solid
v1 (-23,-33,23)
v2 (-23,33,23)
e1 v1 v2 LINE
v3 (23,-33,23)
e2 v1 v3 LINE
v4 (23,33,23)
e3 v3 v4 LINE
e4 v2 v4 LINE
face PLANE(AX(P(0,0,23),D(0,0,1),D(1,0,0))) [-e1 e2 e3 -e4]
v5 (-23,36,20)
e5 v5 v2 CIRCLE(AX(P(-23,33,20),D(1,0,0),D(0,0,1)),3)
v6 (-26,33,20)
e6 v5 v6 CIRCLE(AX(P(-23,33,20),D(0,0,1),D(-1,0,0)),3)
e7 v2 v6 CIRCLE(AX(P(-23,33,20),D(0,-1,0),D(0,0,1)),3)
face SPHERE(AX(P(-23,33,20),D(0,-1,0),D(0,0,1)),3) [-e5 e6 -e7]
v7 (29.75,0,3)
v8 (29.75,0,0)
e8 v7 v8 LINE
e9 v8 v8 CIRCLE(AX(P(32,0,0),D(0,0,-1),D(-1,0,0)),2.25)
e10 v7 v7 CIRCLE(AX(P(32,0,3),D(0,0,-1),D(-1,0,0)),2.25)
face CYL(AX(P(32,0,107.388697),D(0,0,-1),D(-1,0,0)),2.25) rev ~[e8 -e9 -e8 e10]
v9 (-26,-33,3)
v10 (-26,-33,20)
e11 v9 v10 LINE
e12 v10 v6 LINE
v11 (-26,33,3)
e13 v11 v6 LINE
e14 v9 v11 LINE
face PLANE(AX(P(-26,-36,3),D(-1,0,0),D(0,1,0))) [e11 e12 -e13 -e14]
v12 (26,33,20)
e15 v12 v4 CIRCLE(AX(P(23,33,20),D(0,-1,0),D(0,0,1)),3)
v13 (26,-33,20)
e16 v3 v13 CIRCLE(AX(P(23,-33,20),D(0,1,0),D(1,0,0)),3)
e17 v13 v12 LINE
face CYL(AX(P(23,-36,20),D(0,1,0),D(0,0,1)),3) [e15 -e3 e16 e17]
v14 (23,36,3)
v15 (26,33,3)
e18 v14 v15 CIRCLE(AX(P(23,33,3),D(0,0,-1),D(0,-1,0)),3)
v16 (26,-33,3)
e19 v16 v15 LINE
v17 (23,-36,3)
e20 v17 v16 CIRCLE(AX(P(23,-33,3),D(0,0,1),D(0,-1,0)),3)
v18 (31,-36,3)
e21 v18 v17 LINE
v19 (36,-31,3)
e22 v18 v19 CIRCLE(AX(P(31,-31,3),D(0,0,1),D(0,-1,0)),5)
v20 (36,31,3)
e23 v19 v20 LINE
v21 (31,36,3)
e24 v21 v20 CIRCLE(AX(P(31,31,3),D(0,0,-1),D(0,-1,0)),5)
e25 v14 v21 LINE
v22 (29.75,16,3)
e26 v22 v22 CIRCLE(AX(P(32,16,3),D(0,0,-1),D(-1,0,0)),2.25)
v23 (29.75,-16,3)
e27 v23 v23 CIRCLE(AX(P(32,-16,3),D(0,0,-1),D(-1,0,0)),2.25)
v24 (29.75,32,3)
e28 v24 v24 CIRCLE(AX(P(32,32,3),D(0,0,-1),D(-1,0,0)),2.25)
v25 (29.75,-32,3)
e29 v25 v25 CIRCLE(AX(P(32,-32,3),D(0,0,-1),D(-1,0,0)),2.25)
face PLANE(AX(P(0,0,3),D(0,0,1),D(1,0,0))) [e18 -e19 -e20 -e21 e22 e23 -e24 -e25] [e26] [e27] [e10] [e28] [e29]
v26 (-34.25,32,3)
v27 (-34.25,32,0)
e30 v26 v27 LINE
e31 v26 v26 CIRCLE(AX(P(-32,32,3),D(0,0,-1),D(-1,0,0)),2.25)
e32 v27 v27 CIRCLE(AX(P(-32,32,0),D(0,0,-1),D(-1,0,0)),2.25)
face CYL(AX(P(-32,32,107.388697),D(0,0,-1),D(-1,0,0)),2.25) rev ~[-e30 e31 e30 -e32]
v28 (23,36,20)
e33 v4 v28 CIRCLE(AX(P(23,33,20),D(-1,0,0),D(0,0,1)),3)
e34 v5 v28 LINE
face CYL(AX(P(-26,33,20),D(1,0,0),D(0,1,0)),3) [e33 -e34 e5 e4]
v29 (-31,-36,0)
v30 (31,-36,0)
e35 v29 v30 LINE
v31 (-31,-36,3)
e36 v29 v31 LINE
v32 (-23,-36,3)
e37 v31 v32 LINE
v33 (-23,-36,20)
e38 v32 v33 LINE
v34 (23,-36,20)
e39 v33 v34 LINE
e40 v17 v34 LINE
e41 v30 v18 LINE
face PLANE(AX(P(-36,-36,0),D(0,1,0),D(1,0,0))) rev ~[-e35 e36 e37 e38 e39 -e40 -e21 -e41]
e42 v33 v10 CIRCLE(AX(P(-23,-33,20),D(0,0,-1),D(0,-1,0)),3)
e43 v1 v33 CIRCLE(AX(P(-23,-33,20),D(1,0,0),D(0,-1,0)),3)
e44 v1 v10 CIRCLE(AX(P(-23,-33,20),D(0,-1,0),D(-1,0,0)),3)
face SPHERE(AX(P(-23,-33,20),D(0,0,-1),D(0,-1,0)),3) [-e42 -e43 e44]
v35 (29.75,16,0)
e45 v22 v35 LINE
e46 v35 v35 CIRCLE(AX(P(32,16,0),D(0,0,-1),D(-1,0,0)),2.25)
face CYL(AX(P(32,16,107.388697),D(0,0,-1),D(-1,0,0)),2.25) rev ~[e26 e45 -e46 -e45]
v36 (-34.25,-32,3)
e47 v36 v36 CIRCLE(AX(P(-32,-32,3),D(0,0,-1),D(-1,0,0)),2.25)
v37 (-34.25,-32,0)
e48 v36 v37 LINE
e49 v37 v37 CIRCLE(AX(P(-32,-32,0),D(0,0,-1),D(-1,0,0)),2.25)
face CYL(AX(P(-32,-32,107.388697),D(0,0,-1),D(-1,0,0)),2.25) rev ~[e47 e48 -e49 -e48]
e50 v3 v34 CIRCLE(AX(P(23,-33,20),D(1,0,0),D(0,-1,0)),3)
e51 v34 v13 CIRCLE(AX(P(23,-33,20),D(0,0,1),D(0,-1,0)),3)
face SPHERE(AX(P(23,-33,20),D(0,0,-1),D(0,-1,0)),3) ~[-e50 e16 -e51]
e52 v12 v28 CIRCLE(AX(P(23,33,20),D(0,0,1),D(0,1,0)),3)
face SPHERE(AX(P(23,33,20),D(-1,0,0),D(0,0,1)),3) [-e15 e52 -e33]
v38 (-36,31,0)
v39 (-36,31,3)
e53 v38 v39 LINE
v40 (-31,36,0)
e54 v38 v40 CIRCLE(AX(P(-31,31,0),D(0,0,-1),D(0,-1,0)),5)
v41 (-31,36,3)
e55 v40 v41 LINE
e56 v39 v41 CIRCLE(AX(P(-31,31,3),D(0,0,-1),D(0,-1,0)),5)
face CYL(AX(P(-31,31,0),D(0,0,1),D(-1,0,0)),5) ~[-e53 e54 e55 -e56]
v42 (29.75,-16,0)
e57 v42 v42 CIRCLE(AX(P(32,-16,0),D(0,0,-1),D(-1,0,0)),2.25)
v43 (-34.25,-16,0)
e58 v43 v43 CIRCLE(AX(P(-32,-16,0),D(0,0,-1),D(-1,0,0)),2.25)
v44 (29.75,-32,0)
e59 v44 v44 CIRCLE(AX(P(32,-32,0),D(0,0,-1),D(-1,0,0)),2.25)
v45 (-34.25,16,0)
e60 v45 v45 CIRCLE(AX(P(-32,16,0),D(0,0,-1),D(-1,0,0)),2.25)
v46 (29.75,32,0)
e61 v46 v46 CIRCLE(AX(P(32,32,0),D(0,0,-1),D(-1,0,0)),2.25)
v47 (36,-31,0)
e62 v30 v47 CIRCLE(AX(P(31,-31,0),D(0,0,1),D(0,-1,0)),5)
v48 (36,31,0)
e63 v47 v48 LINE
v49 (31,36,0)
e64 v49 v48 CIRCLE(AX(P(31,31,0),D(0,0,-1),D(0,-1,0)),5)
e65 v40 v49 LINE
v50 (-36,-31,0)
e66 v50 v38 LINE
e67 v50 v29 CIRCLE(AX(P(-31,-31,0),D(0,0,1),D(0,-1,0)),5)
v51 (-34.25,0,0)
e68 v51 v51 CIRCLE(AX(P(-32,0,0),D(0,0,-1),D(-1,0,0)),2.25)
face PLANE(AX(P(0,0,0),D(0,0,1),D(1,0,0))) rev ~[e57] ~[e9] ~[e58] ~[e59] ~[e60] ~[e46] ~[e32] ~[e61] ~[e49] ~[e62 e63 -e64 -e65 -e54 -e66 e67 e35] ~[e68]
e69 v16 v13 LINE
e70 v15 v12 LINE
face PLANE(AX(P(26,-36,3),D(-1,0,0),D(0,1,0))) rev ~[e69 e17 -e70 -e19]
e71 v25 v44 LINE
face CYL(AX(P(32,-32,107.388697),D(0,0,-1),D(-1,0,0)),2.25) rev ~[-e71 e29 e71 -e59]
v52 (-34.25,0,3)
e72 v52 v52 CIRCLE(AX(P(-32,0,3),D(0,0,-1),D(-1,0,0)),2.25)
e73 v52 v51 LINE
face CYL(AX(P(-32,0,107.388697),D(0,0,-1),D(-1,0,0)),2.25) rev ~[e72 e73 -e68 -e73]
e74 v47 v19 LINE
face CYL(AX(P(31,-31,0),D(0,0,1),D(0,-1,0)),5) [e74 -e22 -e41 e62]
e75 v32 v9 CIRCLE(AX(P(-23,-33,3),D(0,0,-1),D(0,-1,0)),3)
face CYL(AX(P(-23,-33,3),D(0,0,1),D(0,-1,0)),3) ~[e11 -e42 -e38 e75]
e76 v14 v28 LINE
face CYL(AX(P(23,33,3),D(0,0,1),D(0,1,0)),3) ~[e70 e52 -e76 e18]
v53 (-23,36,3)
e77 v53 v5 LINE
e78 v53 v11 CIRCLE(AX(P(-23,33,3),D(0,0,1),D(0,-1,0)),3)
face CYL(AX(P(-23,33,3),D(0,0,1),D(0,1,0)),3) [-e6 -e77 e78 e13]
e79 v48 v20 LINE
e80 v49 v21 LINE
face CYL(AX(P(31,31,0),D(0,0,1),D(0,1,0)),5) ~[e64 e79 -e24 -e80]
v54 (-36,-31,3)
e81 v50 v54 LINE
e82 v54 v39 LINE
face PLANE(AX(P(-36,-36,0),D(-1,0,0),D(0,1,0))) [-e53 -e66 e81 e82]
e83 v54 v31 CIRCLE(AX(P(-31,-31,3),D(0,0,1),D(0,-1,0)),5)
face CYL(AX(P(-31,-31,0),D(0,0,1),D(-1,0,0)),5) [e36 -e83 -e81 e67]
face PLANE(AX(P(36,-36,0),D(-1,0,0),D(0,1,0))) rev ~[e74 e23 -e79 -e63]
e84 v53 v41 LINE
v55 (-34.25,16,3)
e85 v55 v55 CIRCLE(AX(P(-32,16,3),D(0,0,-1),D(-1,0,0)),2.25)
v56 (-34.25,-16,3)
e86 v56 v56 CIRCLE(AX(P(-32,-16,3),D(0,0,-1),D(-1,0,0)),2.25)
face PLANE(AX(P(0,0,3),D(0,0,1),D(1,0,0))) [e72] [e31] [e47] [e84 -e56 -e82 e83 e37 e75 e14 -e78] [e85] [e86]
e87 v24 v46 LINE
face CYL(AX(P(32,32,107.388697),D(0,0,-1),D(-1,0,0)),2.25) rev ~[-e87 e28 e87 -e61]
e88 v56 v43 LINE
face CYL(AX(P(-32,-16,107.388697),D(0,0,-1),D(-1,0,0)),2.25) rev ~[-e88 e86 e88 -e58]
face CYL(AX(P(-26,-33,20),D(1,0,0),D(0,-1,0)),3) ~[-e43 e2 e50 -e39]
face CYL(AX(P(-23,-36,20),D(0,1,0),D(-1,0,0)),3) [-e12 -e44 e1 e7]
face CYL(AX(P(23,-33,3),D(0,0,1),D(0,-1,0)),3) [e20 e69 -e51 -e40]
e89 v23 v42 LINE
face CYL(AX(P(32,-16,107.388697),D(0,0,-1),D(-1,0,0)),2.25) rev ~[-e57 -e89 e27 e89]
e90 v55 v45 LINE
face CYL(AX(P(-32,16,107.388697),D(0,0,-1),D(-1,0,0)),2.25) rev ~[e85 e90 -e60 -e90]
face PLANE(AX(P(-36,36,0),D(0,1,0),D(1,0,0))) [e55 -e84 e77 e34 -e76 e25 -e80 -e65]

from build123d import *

# Parameters (mm, degrees)
F0_W     = 72
F0_H     = 72
F1_DEPTH = 3
F2_W     = 52
F2_H     = 72
F3_DEPTH = 20
F5_D     = 4.5
F7_D     = 4.5
F8_R     = 5
F9_R     = 3


with BuildPart() as f1:
    # F0 (on Top) → F1 (new body)
    with BuildSketch(Plane.XY):
        Rectangle(F0_W, F0_H)
    extrude(amount=F1_DEPTH)

    # F2 (on face) → F3 (join)
    with BuildSketch(Plane.XY.offset(3)):
        Rectangle(F2_W, F2_H)
    extrude(amount=F3_DEPTH)

    # F5 (through all)
    with Locations(Plane.XY.offset(3)):
        with Locations((32, 32), (32, 16), (32, 0), (32, -16), (32, -32)):
            Hole(F5_D / 2)

    # F7 (through all)
    with Locations(Plane.XY.offset(3)):
        with Locations((-32, 32), (-32, 16), (-32, 0), (-32, -16), (-32, -32)):
            Hole(F7_D / 2)

    # F8
    f8_edges = [f1.edges().sort_by_distance(p)[0] for p in [
        (-36, 36, 1.5),
        (-36, -36, 1.5),
        (36, -36, 1.5),
        (36, 36, 1.5),
    ]]
    fillet(f8_edges, radius=F8_R)

    # F9
    f9_edges = [f1.edges().sort_by_distance(p)[0] for p in [
        (-26, -36, 13),
        (26, -36, 13),
        (0, -36, 23),
        (-26, 0, 23),
        (0, 36, 23),
        (26, 0, 23),
        (26, 36, 13),
        (-26, 36, 13),
    ]]
    fillet(f9_edges, radius=F9_R)


solid = f1.part
